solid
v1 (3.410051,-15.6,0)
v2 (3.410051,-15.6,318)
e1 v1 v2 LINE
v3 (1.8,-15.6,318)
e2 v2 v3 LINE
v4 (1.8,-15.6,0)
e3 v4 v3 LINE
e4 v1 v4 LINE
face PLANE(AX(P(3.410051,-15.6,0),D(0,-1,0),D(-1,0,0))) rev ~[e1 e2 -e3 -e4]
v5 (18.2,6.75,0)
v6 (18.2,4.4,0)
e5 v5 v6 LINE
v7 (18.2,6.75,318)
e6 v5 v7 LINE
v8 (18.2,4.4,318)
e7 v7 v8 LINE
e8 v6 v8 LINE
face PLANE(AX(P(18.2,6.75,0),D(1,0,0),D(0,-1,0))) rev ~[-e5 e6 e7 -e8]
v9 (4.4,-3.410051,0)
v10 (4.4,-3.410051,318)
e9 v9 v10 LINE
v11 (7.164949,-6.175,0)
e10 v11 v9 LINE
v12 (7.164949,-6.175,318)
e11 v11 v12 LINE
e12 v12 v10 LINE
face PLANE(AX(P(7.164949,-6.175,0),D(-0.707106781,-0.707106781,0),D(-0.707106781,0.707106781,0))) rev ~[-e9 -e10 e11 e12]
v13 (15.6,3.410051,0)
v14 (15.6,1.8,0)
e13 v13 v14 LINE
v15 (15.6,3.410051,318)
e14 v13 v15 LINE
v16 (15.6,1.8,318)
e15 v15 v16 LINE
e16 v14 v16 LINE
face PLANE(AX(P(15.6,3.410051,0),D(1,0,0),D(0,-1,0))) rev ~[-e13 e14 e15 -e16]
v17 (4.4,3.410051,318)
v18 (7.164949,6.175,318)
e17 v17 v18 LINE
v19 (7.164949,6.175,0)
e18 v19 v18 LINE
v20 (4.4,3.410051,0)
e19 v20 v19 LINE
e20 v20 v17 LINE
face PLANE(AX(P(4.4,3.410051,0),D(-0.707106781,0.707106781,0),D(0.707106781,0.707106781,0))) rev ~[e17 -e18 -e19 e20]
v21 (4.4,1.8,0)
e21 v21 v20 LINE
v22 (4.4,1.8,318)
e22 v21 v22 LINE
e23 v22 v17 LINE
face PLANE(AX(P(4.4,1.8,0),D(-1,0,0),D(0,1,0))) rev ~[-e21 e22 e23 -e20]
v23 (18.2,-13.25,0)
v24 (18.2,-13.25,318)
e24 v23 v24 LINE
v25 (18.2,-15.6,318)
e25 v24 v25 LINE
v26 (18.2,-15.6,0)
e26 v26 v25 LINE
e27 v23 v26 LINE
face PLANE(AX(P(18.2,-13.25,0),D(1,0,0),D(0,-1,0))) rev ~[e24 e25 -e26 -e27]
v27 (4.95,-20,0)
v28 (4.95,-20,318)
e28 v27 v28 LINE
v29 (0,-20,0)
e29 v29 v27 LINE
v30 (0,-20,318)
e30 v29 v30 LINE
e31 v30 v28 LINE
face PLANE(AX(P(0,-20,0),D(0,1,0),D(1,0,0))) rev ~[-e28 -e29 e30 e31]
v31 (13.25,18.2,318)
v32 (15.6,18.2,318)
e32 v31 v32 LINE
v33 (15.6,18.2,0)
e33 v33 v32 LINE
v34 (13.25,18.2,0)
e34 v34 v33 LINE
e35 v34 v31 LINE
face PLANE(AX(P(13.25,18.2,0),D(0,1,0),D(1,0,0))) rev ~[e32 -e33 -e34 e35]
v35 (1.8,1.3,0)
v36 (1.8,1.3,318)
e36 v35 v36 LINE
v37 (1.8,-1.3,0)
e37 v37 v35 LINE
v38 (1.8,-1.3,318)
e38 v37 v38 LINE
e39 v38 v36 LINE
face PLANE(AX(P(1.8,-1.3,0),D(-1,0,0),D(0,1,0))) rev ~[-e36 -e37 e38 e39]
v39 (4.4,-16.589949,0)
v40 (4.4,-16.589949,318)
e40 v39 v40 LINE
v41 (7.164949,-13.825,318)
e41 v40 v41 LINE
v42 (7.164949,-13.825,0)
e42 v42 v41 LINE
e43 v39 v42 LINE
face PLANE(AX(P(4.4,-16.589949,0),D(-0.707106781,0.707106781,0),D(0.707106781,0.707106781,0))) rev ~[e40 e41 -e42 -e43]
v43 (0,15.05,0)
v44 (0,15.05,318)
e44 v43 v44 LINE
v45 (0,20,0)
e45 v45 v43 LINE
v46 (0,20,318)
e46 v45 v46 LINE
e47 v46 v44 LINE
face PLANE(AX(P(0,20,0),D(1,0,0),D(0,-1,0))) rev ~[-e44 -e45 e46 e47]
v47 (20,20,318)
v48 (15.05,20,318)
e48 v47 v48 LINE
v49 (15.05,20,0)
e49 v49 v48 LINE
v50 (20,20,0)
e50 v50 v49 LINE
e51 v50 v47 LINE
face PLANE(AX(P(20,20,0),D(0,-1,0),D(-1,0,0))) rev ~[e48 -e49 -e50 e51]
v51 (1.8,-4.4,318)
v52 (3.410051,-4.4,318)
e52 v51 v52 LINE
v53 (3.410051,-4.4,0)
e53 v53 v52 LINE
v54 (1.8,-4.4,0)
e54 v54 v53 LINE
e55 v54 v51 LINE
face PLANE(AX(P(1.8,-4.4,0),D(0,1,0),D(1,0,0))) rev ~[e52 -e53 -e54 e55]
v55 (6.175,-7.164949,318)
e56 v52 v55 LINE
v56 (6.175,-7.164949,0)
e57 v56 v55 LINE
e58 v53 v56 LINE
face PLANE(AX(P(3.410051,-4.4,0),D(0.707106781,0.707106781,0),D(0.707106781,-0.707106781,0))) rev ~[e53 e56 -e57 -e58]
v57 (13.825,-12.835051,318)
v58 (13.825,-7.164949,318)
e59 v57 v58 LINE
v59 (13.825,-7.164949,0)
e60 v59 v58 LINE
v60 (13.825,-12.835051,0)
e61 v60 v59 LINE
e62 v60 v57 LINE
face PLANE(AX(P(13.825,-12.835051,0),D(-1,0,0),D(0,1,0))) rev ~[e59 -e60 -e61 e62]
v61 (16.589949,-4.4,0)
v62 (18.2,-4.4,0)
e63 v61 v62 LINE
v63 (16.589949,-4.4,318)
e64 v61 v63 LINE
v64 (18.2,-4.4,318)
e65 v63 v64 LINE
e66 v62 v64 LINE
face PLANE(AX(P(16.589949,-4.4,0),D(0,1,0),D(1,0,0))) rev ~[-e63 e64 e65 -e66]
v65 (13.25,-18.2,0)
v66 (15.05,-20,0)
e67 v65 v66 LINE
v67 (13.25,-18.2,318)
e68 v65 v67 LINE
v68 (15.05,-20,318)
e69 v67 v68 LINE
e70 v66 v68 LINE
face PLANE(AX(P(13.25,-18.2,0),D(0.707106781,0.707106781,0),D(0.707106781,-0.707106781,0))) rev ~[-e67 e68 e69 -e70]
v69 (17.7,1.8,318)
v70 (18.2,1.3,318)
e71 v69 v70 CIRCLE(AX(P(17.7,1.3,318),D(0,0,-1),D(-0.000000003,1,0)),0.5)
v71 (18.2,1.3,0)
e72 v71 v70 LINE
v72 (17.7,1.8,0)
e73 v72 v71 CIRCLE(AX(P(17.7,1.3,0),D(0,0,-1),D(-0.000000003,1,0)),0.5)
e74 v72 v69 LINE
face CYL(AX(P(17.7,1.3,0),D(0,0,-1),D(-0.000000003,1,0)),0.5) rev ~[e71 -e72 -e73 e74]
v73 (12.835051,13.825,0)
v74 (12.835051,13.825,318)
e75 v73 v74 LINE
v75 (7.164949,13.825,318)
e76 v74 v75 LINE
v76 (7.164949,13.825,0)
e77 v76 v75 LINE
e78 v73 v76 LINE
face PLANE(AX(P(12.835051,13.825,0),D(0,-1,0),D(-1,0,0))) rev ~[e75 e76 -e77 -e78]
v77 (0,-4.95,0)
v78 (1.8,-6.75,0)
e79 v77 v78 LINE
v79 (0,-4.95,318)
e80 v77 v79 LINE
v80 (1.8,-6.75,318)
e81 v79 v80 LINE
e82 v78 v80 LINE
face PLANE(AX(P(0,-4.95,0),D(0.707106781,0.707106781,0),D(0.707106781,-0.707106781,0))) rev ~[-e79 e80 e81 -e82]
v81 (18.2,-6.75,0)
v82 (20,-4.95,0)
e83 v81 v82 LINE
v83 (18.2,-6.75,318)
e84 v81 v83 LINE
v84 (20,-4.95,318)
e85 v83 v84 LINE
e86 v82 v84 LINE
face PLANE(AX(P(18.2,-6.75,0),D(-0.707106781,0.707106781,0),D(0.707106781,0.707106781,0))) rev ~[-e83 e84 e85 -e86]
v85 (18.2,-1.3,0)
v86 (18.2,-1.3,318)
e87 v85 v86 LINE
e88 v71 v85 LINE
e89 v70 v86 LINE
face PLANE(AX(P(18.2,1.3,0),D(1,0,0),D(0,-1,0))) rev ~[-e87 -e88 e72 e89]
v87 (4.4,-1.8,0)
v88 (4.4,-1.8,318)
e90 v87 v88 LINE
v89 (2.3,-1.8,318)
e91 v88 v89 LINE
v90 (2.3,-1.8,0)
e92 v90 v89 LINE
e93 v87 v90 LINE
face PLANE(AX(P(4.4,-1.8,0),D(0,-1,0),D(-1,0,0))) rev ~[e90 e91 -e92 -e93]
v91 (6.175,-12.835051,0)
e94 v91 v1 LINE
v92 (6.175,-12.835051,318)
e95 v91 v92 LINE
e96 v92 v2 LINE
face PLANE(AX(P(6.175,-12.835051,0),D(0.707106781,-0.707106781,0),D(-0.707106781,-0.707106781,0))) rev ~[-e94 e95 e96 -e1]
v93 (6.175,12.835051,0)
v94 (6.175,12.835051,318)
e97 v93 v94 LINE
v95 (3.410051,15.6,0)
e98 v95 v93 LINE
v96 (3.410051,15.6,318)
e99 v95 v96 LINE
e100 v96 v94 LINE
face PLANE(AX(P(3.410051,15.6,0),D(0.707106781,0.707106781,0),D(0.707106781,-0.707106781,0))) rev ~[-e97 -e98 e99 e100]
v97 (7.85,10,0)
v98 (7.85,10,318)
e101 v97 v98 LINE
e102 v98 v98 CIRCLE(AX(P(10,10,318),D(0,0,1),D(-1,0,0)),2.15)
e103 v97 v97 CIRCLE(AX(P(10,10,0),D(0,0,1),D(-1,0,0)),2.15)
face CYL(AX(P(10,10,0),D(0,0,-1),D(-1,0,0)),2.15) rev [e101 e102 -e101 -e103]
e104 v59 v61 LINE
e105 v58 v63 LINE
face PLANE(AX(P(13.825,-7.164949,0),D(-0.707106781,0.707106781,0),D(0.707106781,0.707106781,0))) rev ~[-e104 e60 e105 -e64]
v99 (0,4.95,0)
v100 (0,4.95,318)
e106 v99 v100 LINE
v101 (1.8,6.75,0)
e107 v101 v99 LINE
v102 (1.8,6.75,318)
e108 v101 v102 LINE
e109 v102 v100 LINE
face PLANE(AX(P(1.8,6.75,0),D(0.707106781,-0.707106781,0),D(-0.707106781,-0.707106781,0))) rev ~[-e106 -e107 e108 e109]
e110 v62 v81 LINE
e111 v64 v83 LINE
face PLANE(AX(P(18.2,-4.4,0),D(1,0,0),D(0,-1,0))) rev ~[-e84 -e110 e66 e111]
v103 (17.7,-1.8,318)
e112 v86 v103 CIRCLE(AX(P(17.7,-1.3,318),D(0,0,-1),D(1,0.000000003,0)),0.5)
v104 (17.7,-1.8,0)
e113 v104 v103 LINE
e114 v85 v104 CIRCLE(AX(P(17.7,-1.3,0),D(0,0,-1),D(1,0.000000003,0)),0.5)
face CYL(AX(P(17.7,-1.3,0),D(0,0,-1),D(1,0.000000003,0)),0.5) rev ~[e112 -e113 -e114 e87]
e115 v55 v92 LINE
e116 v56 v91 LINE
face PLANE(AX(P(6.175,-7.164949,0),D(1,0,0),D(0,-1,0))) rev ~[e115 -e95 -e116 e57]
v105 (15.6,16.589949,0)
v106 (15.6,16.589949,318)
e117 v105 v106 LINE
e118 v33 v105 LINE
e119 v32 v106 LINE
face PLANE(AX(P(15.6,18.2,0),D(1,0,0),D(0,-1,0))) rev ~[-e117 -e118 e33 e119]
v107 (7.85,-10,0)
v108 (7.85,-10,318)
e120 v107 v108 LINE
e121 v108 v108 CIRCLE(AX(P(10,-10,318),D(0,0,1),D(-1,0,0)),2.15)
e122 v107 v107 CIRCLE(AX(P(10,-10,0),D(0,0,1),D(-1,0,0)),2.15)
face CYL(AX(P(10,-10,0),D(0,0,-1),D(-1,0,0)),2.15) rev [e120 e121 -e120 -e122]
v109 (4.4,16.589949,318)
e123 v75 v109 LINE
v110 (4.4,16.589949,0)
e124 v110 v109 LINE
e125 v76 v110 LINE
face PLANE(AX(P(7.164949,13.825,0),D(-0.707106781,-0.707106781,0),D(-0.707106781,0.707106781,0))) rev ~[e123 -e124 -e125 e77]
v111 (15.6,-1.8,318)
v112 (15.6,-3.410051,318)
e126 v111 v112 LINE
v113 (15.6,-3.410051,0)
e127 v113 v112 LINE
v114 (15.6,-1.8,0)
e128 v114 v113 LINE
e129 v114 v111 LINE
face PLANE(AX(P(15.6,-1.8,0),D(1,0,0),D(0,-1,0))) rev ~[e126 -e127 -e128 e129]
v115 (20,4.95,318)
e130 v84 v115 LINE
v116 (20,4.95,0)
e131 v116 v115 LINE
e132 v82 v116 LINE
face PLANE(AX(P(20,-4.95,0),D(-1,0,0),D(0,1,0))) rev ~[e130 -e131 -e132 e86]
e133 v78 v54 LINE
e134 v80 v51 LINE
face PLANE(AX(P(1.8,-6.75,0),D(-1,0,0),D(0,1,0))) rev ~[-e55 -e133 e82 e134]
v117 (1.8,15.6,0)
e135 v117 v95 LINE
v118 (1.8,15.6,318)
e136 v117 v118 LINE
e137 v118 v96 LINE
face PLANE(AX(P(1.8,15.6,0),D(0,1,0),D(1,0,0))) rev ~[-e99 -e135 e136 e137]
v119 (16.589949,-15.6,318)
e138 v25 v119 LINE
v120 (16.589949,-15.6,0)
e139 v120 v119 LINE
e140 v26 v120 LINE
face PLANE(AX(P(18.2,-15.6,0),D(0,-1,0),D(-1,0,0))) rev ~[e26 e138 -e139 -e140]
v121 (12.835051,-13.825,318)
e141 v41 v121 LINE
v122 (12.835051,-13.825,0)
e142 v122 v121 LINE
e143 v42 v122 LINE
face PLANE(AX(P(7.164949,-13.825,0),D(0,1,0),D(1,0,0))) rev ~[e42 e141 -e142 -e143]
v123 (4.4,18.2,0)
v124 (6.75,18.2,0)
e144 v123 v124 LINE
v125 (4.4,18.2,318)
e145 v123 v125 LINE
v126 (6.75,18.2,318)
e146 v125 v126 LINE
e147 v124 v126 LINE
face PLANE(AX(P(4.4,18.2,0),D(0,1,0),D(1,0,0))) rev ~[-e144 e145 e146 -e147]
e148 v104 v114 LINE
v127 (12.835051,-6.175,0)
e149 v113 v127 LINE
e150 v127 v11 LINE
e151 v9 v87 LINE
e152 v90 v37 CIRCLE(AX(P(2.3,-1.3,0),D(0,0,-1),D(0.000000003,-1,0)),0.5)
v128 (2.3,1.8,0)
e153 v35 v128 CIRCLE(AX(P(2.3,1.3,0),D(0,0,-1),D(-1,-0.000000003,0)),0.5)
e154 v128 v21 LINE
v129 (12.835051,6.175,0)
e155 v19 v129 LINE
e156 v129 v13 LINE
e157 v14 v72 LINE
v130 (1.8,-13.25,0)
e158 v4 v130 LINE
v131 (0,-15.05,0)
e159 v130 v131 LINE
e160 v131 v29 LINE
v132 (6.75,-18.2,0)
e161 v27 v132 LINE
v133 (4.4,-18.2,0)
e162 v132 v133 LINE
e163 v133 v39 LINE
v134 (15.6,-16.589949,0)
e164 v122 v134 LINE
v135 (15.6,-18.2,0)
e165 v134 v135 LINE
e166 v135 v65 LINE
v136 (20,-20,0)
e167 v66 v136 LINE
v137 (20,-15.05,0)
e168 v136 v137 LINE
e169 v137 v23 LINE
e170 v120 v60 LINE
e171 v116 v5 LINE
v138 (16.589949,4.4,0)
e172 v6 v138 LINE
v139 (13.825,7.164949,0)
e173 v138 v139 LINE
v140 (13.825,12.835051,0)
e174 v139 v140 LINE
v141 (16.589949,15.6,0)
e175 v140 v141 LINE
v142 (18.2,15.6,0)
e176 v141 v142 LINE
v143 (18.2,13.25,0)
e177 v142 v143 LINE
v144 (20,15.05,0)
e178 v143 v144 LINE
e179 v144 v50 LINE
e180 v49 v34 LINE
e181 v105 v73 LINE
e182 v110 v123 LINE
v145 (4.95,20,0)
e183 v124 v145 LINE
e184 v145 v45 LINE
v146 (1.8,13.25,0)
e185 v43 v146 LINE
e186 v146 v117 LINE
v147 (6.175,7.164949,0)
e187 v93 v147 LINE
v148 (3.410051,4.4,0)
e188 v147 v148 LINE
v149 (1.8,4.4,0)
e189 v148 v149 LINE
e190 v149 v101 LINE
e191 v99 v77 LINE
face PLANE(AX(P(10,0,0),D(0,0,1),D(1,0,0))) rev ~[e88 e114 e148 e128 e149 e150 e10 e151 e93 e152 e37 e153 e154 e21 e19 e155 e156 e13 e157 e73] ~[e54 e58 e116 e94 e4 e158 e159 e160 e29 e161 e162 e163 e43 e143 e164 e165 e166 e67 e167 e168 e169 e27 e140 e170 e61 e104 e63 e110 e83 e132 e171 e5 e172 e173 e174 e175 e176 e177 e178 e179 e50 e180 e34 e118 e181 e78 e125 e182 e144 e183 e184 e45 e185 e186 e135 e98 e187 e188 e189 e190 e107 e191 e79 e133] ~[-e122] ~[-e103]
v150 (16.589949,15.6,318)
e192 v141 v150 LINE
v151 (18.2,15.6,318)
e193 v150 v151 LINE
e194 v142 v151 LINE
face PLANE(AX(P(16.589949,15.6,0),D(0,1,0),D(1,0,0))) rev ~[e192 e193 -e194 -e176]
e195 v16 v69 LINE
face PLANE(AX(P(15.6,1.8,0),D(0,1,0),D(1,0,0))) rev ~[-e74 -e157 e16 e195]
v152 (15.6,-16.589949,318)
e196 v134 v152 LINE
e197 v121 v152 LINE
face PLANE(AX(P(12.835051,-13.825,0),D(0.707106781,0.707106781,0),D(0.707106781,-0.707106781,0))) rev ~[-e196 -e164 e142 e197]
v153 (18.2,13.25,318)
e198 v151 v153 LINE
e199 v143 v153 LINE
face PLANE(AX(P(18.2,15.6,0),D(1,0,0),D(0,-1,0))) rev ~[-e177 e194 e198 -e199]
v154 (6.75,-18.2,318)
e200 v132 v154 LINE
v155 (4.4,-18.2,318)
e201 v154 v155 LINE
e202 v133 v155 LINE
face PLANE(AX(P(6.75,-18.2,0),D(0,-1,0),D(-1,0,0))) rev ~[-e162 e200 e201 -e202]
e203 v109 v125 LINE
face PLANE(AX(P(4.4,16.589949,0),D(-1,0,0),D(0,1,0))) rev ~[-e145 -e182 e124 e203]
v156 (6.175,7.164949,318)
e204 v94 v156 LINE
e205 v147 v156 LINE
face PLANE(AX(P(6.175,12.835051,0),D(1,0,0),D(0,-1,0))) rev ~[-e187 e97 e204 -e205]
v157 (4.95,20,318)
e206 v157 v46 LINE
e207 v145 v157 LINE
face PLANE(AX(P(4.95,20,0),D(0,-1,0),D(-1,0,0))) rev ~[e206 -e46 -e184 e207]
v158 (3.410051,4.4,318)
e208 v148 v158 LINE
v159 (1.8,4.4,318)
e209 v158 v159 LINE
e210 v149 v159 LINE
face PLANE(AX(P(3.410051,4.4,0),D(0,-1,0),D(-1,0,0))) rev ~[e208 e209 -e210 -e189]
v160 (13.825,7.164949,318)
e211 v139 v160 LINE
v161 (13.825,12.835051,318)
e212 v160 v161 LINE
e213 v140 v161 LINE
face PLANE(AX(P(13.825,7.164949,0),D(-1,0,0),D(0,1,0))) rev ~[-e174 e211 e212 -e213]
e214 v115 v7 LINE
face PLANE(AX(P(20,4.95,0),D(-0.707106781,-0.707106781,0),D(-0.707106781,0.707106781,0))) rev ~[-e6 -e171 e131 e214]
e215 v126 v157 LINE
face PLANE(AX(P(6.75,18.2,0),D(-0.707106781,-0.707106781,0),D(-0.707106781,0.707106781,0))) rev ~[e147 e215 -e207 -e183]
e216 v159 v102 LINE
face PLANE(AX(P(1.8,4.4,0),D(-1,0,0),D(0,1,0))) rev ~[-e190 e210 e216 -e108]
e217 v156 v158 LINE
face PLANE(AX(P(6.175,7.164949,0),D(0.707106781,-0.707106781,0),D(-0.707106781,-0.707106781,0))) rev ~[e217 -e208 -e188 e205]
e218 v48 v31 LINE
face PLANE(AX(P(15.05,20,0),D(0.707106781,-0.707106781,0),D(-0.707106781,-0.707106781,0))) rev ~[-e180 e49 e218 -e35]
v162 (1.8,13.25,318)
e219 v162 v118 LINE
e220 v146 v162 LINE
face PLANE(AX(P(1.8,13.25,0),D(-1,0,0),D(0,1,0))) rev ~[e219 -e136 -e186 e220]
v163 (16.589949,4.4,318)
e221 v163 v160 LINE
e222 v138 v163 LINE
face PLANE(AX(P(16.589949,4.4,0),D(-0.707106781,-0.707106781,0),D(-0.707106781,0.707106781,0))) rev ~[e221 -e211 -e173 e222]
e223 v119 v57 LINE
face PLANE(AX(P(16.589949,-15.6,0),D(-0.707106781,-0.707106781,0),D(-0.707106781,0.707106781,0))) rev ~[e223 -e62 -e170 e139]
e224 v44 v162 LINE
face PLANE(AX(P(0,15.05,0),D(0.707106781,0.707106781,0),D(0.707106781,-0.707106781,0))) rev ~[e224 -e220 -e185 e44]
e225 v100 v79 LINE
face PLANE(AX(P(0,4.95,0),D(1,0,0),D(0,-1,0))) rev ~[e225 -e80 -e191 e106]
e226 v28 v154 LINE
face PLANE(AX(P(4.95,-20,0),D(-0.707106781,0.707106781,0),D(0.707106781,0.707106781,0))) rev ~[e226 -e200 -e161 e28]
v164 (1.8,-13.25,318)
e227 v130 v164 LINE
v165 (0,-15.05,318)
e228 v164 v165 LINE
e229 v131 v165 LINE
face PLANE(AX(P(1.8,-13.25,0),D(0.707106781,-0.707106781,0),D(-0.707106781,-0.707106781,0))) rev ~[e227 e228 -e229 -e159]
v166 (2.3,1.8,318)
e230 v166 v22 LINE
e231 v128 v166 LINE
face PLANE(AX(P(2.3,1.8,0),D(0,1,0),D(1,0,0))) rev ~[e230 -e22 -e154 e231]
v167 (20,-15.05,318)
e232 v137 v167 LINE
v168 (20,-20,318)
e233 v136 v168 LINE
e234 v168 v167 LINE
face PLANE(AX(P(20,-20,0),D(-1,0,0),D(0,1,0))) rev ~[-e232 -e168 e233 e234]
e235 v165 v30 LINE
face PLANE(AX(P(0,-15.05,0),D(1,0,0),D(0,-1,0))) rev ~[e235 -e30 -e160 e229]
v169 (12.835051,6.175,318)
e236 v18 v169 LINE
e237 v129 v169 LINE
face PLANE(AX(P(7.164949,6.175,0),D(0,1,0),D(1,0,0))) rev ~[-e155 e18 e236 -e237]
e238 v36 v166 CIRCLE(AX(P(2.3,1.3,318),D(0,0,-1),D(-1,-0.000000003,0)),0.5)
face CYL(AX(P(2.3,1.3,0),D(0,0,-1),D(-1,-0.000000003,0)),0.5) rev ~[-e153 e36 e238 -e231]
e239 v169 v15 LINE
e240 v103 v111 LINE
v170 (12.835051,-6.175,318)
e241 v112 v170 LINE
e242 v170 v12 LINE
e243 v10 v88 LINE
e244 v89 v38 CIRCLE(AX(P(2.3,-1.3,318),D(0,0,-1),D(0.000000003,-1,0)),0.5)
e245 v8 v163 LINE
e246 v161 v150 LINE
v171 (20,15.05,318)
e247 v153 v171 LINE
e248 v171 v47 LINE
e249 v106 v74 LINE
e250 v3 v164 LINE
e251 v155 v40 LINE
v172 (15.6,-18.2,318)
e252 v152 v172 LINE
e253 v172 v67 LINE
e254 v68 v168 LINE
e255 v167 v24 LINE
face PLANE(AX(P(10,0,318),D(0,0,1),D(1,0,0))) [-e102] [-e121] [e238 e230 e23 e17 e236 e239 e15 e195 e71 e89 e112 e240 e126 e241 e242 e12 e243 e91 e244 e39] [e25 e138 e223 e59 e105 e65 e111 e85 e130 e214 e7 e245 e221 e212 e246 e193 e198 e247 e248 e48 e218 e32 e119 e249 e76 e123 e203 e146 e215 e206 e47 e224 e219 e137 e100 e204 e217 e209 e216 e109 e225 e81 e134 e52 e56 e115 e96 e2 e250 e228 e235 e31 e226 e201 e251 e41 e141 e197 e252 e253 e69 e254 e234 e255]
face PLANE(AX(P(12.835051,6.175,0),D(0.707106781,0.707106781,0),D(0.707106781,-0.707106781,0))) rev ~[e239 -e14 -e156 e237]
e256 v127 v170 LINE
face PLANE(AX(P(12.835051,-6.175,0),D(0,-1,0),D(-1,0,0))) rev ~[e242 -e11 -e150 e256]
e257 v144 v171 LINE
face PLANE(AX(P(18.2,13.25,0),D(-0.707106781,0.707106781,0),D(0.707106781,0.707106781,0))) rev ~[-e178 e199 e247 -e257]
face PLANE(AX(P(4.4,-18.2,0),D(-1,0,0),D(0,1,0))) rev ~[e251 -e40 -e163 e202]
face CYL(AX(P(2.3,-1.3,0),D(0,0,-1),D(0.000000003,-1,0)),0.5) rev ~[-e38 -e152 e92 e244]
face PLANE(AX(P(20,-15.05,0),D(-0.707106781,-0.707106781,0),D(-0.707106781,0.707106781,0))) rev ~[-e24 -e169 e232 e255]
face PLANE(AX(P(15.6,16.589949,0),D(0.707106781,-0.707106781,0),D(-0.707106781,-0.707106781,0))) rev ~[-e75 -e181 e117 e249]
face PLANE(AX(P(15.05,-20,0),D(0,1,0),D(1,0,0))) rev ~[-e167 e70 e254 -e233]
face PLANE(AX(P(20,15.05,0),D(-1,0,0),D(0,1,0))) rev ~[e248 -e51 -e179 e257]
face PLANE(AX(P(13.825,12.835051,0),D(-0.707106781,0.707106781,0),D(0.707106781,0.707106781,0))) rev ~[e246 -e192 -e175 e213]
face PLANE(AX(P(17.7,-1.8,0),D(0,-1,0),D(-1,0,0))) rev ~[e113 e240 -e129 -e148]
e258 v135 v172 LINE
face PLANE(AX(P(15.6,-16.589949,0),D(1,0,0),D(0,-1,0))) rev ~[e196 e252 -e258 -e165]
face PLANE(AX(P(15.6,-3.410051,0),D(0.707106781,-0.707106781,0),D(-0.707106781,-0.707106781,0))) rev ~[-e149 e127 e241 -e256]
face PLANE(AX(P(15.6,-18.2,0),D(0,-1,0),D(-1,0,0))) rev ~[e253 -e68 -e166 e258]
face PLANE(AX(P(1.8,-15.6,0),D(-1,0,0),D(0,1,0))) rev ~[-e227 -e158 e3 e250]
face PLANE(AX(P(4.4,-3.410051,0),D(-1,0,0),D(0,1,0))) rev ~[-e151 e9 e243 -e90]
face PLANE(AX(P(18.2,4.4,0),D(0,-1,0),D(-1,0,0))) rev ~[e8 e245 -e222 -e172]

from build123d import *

# Parameters (mm, degrees)
CROQUIS1_R              = 2.15
SALIENTE_EXTRUIR1_DEPTH = 318


with BuildPart() as part:
    # Croquis1 → Saliente-Extruir1 (new body)
    with BuildSketch(Plane.XY):
        Polygon((20, 4.95), (18.2, 6.75), (18.2, 4.4), (16.589949494, 4.4), (13.825, 7.164949494), (13.825, 12.835050506), (16.589949494, 15.6), (18.2, 15.6), (18.2, 13.25), (20, 15.05), (20, 20), (15.05, 20), (13.25, 18.2), (15.6, 18.2), (15.6, 16.589949494), (12.835050506, 13.825), (7.164949494, 13.825), (4.4, 16.589949494), (4.4, 18.2), (6.75, 18.2), (4.95, 20), (0, 20), (0, 15.05), (1.8, 13.25), (1.8, 15.6), (3.410050506, 15.6), (6.175, 12.835050506), (6.175, 7.164949494), (3.410050506, 4.4), (1.8, 4.4), (1.8, 6.75), (0, 4.95), (0, -4.95), (1.8, -6.75), (1.8, -4.4), (3.410050506, -4.4), (6.175, -7.164949494), (6.175, -12.835050506), (3.410050506, -15.6), (1.8, -15.6), (1.8, -13.25), (0, -15.05), (0, -20), (4.95, -20), (6.75, -18.2), (4.4, -18.2), (4.4, -16.589949494), (7.164949494, -13.825), (12.835050506, -13.825), (15.6, -16.589949494), (15.6, -18.2), (13.25, -18.2), (15.05, -20), (20, -20), (20, -15.05), (18.2, -13.25), (18.2, -15.6), (16.589949494, -15.6), (13.825, -12.835050506), (13.825, -7.164949494), (16.589949494, -4.4), (18.2, -4.4), (18.2, -6.75), (20, -4.95), align=None)
        with BuildLine():
            Line((1.8, -1.3), (1.8, 1.3))
            ThreePointArc((1.8, 1.3), (1.946446609, 1.653553391), (2.3, 1.8))
            Line((2.3, 1.8), (4.4, 1.8))
            Line((4.4, 1.8), (4.4, 3.410050506))
            Line((4.4, 3.410050506), (7.164949494, 6.175))
            Line((7.164949494, 6.175), (12.835050506, 6.175))
            Line((12.835050506, 6.175), (15.6, 3.410050506))
            Line((15.6, 3.410050506), (15.6, 1.8))
            Line((15.6, 1.8), (17.7, 1.8))
            ThreePointArc((17.7, 1.8), (18.053553391, 1.653553391), (18.2, 1.3))
            Line((18.2, 1.3), (18.2, -1.3))
            ThreePointArc((18.2, -1.3), (18.053553391, -1.653553391), (17.7, -1.8))
            Line((17.7, -1.8), (15.6, -1.8))
            Line((15.6, -1.8), (15.6, -3.410050506))
            Line((15.6, -3.410050506), (12.835050506, -6.175))
            Line((12.835050506, -6.175), (7.164949494, -6.175))
            Line((7.164949494, -6.175), (4.4, -3.410050506))
            Line((4.4, -3.410050506), (4.4, -1.8))
            Line((4.4, -1.8), (2.3, -1.8))
            ThreePointArc((2.3, -1.8), (1.946446609, -1.653553391), (1.8, -1.3))
        make_face(mode=Mode.SUBTRACT)
        with Locations(Location((10, -10, 0), (0, 0, 180))):
            Circle(CROQUIS1_R, mode=Mode.SUBTRACT)
        with Locations(Location((10, 10, 0), (0, 0, 180))):
            Circle(CROQUIS1_R, mode=Mode.SUBTRACT)
    extrude(amount=SALIENTE_EXTRUIR1_DEPTH)


solid = part.part
